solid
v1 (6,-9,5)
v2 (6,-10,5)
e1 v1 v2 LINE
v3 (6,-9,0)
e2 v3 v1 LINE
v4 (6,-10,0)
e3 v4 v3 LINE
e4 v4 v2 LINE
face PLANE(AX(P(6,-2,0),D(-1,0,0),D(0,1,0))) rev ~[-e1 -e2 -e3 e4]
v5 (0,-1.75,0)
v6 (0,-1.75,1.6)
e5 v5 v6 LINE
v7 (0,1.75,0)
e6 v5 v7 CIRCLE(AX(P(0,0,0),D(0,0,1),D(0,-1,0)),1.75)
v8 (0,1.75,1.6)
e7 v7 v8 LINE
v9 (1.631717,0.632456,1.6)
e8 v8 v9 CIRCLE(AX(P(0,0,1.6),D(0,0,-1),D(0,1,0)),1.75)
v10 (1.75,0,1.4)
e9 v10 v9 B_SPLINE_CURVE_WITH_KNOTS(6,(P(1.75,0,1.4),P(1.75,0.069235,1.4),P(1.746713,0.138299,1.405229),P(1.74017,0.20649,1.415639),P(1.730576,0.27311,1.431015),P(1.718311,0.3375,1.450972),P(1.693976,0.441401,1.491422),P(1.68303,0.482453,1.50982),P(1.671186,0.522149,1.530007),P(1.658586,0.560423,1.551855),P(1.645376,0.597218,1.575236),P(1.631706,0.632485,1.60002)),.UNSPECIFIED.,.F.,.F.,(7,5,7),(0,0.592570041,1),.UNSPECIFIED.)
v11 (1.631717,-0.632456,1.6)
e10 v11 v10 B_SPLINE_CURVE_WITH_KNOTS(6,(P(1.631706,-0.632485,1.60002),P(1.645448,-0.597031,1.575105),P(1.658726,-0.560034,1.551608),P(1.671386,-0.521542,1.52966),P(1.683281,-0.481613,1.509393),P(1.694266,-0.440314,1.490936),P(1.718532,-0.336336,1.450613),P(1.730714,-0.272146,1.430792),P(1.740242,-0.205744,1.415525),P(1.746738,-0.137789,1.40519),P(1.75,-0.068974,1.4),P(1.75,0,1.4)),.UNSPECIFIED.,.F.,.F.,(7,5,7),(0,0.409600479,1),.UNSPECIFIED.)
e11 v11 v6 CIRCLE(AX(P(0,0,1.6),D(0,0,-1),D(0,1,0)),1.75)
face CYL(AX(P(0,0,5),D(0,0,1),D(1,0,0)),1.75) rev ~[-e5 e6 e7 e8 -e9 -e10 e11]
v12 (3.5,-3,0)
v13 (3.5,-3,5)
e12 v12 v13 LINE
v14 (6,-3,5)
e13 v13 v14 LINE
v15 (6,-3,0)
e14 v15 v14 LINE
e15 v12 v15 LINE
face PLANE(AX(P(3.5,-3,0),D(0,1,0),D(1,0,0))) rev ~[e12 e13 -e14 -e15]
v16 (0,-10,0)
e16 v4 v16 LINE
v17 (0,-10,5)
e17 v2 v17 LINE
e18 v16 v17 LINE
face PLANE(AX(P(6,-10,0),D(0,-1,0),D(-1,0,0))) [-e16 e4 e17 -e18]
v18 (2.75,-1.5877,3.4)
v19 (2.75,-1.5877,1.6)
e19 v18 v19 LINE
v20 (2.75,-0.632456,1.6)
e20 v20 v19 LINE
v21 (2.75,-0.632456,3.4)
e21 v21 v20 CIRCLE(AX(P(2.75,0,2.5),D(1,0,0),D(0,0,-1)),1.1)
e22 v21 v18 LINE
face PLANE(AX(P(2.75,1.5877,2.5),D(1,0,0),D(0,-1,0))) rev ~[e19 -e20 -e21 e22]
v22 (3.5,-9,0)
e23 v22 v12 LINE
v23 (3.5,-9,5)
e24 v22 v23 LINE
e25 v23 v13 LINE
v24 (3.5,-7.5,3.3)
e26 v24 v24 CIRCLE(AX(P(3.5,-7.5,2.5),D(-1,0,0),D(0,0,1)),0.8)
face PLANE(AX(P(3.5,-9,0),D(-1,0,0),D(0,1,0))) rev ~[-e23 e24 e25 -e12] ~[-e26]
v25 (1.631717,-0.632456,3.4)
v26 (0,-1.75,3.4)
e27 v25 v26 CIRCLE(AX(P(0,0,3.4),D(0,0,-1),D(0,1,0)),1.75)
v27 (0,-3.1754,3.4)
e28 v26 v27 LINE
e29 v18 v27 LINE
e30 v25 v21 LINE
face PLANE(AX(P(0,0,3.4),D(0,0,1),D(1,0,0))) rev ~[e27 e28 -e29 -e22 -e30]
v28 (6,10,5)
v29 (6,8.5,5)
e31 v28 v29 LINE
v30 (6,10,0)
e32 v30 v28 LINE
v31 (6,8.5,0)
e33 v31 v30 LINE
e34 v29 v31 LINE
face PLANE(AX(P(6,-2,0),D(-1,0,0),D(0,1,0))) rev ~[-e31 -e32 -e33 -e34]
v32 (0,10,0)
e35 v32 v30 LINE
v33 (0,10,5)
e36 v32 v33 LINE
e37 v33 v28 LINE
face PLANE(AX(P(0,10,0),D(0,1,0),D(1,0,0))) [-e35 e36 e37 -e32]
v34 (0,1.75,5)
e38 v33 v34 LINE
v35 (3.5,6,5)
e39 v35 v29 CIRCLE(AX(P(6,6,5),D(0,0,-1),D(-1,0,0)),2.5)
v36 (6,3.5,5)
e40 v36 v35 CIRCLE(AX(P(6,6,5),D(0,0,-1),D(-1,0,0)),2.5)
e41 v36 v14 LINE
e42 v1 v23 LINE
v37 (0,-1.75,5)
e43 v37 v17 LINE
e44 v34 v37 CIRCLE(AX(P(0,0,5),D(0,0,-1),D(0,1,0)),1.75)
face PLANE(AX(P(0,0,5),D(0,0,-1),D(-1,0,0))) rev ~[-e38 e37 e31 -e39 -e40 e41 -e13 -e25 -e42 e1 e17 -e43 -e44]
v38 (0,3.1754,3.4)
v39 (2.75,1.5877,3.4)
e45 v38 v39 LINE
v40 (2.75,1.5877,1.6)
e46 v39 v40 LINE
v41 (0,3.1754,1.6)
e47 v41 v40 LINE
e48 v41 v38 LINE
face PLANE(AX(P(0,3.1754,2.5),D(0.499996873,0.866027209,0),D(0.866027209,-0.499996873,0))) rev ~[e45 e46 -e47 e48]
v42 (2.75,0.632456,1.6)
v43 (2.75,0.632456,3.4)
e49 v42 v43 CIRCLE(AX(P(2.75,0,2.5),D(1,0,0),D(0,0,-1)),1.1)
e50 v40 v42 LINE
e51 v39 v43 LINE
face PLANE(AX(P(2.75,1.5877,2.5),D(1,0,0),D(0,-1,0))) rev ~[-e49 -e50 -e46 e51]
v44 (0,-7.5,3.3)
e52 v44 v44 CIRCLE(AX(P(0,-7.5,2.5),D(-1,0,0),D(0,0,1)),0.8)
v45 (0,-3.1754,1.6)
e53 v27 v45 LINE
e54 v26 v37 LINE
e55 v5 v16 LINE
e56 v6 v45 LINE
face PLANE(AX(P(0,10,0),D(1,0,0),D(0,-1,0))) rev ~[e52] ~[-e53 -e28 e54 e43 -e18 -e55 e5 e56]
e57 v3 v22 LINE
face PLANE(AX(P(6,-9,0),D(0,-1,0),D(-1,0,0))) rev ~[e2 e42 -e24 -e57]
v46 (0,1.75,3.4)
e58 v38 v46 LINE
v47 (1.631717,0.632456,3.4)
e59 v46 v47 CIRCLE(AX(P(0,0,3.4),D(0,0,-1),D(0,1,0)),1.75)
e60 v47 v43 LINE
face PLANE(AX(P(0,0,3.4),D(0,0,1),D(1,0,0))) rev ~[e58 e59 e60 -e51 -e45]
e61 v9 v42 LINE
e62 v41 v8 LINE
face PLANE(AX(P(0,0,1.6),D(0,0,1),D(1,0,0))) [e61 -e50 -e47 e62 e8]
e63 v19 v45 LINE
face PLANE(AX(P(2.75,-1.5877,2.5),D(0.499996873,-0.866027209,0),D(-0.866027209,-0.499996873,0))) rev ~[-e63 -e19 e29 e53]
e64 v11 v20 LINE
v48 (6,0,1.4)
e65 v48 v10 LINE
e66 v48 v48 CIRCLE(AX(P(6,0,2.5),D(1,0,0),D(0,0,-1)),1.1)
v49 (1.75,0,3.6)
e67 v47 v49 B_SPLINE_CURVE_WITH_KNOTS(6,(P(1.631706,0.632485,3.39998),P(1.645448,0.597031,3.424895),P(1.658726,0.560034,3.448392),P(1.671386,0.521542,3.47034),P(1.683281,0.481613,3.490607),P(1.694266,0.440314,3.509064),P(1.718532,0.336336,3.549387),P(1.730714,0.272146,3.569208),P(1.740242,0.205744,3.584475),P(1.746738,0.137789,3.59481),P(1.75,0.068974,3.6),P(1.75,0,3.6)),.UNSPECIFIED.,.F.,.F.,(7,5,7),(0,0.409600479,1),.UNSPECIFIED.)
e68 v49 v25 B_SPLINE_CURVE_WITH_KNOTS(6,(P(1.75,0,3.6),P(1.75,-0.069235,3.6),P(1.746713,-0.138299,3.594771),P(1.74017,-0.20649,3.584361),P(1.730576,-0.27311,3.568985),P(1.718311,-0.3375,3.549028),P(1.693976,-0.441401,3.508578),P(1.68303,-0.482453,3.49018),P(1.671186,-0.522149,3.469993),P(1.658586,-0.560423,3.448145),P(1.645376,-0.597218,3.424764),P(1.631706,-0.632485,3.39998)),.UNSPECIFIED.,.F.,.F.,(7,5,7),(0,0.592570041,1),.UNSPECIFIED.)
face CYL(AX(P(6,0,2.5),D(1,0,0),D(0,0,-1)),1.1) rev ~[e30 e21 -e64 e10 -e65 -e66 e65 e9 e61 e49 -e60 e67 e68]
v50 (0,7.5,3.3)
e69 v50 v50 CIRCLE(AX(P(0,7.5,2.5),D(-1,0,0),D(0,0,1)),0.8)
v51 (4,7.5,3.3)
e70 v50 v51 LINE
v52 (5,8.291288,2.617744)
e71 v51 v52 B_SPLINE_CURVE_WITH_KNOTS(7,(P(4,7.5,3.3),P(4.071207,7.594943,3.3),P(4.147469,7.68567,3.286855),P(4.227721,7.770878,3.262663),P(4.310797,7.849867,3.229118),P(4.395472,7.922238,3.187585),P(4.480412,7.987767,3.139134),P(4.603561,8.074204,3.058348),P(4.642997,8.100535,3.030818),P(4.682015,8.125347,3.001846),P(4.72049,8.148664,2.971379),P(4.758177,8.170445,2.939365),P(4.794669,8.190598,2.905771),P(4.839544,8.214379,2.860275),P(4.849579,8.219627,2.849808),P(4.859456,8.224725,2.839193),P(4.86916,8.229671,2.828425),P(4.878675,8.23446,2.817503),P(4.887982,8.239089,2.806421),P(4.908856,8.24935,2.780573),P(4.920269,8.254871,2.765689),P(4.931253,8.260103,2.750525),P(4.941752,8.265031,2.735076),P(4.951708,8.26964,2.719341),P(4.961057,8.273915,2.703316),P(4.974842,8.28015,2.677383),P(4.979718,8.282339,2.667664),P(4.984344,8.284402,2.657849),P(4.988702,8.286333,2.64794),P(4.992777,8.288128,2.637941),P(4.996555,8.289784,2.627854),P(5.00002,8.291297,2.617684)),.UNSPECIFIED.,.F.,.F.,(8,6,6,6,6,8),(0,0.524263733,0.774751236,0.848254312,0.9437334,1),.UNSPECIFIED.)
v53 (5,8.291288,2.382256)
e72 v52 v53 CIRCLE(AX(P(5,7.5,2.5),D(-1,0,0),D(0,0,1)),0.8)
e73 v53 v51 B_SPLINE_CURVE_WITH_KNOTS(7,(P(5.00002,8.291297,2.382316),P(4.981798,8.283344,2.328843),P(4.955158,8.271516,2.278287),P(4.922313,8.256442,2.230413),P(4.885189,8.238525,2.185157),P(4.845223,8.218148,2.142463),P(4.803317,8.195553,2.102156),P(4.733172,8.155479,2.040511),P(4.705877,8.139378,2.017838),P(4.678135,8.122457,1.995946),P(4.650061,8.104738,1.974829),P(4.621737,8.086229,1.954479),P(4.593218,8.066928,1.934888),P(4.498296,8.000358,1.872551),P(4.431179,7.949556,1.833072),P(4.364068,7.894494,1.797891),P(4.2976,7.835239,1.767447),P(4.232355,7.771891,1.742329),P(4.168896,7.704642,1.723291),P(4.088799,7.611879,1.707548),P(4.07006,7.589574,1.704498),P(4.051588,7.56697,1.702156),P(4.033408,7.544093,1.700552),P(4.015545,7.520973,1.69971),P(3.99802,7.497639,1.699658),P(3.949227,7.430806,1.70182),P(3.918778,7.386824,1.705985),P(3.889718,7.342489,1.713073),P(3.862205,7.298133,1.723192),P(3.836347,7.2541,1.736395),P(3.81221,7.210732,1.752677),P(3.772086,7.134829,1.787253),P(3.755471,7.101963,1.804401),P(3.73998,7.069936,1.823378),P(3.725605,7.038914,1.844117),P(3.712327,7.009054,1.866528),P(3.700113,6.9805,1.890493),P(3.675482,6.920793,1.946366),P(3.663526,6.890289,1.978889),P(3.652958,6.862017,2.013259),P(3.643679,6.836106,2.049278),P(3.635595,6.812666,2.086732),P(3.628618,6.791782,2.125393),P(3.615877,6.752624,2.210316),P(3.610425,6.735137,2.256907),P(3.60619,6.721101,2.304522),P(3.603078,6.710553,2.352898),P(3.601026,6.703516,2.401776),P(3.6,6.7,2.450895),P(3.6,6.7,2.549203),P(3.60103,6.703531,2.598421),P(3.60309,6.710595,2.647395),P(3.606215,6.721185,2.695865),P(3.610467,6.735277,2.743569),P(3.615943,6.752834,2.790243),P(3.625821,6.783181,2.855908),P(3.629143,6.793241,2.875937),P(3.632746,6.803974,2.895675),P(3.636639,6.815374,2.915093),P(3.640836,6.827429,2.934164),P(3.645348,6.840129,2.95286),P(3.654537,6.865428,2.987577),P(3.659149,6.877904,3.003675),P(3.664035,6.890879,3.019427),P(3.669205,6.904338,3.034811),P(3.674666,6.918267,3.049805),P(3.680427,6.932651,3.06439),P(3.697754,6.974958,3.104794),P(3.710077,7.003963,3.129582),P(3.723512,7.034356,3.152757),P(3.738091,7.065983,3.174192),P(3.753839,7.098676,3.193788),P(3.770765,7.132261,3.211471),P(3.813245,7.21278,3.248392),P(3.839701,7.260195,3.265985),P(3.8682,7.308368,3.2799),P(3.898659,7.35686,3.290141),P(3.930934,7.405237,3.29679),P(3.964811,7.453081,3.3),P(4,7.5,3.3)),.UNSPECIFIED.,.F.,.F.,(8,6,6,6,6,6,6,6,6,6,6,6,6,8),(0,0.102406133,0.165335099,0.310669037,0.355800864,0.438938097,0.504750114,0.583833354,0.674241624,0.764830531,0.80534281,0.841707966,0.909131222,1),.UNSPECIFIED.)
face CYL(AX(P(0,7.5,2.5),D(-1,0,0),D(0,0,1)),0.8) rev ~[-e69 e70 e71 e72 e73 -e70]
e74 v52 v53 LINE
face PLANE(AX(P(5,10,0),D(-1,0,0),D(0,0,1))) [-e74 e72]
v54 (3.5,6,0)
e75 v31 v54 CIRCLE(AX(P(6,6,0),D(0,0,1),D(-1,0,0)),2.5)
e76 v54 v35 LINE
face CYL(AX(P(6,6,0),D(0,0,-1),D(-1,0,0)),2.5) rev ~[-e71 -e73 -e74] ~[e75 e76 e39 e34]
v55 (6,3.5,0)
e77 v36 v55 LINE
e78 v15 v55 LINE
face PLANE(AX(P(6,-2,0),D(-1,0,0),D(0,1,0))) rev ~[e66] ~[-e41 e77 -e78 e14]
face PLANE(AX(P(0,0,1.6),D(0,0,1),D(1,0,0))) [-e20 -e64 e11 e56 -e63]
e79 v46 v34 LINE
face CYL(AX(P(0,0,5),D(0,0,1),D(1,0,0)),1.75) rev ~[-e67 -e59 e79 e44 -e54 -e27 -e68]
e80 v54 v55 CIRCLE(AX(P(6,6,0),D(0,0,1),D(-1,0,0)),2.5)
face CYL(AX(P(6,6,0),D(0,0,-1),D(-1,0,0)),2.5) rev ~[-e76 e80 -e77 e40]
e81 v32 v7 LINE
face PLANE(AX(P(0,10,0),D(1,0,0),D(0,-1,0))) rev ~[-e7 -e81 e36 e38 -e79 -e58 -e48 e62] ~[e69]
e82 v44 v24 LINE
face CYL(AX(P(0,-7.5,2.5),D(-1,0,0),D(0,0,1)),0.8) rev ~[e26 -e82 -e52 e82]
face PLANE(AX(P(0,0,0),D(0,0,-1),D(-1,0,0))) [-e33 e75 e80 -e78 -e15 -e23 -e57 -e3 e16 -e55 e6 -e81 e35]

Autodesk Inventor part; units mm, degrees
ref_plane "YZ Plane" through (0, 0, 0) normal (1, 0, 0) x (0, 1, 0)
ref_plane "XZ Plane" through (0, 0, 0) normal (0, 1, 0) x (-1, 0, 0)
ref_plane "XY Plane" through (0, 0, 0) normal (0, 0, 1) x (1, 0, 0)
sketch "Sketch1" plane through (0, 0, 0) normal (0, 0, 1) x (1, 0, 0)
  line L0 (10, -10) -> (-10, -10)
  line L1 (-10, -10) -> (-10, 10)
  line L2 (-10, 10) -> (10, 10)
  line L3 (10, 10) -> (10, -10)
  line L4 (10, -10) -> (-10, 10) construction
  line L5 (-10, -10) -> (10, 10) construction
  line L6 (10, -10) -> (6, -10)
  line L7 (6, -10) -> (6, 10)
  line L8 (6, 10) -> (10, 10)
  line L9 (10, 10) -> (10, -10)
  line L10 (6, 2) -> (4, 2)
  line L11 (4, 2) -> (4, -2)
  line L12 (4, -2) -> (6, -2)
  line L13 (6, -2) -> (6, 2)
  line L14 (0, 10) -> (0, -10)
  point P0 (0, 0)
  dimension "d0" = 20
  dimension "d1" = 20
  dimension "d2" = 4
  dimension "d6" = 2
  dimension "d7" = 2
  dimension "d8" = 4
  dimension "d9" = 2
extrude "Extrusion1" add sketch "Sketch1" along normal blind 5 contours L0 L14 L2 L7 L10 L11 L12
ref_plane "Work Plane1" through (0, 0, 2.5) normal (0, 0, 1) x (1, 0, 0)
sketch "Sketch2" plane through (0, 0, 2.5) normal (0, 0, 1) x (1, 0, 0)
  line L0 (0, 10) -> (0, -10) projected
  line L1 (0, 3.1754) -> (2.75, 1.5877)
  line L2 (2.75, 1.5877) -> (2.75, -1.5877)
  line L3 (2.75, -1.5877) -> (0, -3.1754)
  line L4 (0, -3.1754) -> (-2.75, -1.5877)
  line L5 (-2.75, -1.5877) -> (-2.75, 1.5877)
  line L6 (-2.75, 1.5877) -> (0, 3.1754)
  point P0 (0, 0)
  point P1 (0, 0)
  dimension "d12" = 5.5
extrude "Extrusion2" cut sketch "Sketch2" along normal mid plane 1.8
sketch "Sketch3" plane through (0, 0, 5) normal (0, 0, 1) x (1, 0, 0)
  circle A0 centre (0, 0) radius 1.75
  dimension "d15" = 3.5
extrude "Extrusion3" cut sketch "Sketch3" against normal blind 8
sketch "Sketch4" plane through (0, 10, 0) normal (-1, 0, 0) x (0, 0, 1)
  circle A0 centre (2.5, -2.5) radius 0.8
  circle A1 centre (2.5, -17.5) radius 0.8
  line L0 (0, 0) -> (5, 0) projected
  line L1 (0, 0) -> (0, -8.25) projected
  line L2 (0, -11.75) -> (0, -20) projected
  line L3 (0, -20) -> (5, -20) projected
  point P0 (0, -10)
  dimension "d18" = 1.6
  dimension "d19" = 1.6
  dimension "d20" = 2.5
  dimension "d21" = 2.5
  dimension "d22" = 2.5
  dimension "d23" = 2.5
extrude "Extrusion4" cut sketch "Sketch4" against normal blind 5
thread "Thread1" size "M2x0.4" class "6H" standard "ANSI Metric M Profile" full length
thread "Thread2" size "M2x0.4" class "6H" standard "ANSI Metric M Profile" full length
sketch "Sketch5" plane through (0, 0, 0) normal (0, 0, -1) x (-1, 0, 0)
  line L0 (-6, -2) -> (-4, -2) projected
  line L1 (-4, -2) -> (-6, -2)
  line L2 (-6, -2) -> (-6, 2)
  line L3 (-6, 2) -> (-4, 2)
  line L4 (-4, 2) -> (-4, -2)
  point P0 (0, 0)
extrude "Extrusion5" add sketch "Sketch5" against normal blind 5
sketch "Sketch6" plane through (0, 0, 0) normal (0, 0, -1) x (-1, 0, 0)
  line L0 (-6, -10) -> (-6, 10) projected
  circle A0 centre (-6, 6) radius 2.5
  line L1 (-6, -9) -> (-3.5, -9)
  line L2 (-3.5, -9) -> (-3.5, -3)
  line L3 (-3.5, -3) -> (-6, -3)
  line L4 (-6, -3) -> (-6, -9)
  line L5 (0, -10) -> (-6, -10) projected
  line L6 (-6, 10) -> (0, 10) projected
  point P0 (0, 0)
  dimension "d32" = 2.5
  dimension "d33" = 1
  dimension "d34" = 6
  dimension "d35" = 5
  dimension "d36" = 4
extrude "Extrusion6" cut sketch "Sketch6" against normal blind 5
sketch "Sketch7" plane through (6, -3, 0) normal (1, 0, 0) x (0, 0, -1)
  circle A0 centre (-2.5, 3) radius 1.1
  line L0 (0, 0) -> (0, 6.5) projected
  line L1 (0, -7) -> (-5, -7) projected
  point P0 (0, 3)
  dimension "d39" = 2.5
  dimension "d40" = 10
  dimension "d41" = 2.2
extrude "Extrusion7" cut sketch "Sketch7" against normal blind 20
equation "\"d19\" = d18"
properties part number "POMSliderMotor"
